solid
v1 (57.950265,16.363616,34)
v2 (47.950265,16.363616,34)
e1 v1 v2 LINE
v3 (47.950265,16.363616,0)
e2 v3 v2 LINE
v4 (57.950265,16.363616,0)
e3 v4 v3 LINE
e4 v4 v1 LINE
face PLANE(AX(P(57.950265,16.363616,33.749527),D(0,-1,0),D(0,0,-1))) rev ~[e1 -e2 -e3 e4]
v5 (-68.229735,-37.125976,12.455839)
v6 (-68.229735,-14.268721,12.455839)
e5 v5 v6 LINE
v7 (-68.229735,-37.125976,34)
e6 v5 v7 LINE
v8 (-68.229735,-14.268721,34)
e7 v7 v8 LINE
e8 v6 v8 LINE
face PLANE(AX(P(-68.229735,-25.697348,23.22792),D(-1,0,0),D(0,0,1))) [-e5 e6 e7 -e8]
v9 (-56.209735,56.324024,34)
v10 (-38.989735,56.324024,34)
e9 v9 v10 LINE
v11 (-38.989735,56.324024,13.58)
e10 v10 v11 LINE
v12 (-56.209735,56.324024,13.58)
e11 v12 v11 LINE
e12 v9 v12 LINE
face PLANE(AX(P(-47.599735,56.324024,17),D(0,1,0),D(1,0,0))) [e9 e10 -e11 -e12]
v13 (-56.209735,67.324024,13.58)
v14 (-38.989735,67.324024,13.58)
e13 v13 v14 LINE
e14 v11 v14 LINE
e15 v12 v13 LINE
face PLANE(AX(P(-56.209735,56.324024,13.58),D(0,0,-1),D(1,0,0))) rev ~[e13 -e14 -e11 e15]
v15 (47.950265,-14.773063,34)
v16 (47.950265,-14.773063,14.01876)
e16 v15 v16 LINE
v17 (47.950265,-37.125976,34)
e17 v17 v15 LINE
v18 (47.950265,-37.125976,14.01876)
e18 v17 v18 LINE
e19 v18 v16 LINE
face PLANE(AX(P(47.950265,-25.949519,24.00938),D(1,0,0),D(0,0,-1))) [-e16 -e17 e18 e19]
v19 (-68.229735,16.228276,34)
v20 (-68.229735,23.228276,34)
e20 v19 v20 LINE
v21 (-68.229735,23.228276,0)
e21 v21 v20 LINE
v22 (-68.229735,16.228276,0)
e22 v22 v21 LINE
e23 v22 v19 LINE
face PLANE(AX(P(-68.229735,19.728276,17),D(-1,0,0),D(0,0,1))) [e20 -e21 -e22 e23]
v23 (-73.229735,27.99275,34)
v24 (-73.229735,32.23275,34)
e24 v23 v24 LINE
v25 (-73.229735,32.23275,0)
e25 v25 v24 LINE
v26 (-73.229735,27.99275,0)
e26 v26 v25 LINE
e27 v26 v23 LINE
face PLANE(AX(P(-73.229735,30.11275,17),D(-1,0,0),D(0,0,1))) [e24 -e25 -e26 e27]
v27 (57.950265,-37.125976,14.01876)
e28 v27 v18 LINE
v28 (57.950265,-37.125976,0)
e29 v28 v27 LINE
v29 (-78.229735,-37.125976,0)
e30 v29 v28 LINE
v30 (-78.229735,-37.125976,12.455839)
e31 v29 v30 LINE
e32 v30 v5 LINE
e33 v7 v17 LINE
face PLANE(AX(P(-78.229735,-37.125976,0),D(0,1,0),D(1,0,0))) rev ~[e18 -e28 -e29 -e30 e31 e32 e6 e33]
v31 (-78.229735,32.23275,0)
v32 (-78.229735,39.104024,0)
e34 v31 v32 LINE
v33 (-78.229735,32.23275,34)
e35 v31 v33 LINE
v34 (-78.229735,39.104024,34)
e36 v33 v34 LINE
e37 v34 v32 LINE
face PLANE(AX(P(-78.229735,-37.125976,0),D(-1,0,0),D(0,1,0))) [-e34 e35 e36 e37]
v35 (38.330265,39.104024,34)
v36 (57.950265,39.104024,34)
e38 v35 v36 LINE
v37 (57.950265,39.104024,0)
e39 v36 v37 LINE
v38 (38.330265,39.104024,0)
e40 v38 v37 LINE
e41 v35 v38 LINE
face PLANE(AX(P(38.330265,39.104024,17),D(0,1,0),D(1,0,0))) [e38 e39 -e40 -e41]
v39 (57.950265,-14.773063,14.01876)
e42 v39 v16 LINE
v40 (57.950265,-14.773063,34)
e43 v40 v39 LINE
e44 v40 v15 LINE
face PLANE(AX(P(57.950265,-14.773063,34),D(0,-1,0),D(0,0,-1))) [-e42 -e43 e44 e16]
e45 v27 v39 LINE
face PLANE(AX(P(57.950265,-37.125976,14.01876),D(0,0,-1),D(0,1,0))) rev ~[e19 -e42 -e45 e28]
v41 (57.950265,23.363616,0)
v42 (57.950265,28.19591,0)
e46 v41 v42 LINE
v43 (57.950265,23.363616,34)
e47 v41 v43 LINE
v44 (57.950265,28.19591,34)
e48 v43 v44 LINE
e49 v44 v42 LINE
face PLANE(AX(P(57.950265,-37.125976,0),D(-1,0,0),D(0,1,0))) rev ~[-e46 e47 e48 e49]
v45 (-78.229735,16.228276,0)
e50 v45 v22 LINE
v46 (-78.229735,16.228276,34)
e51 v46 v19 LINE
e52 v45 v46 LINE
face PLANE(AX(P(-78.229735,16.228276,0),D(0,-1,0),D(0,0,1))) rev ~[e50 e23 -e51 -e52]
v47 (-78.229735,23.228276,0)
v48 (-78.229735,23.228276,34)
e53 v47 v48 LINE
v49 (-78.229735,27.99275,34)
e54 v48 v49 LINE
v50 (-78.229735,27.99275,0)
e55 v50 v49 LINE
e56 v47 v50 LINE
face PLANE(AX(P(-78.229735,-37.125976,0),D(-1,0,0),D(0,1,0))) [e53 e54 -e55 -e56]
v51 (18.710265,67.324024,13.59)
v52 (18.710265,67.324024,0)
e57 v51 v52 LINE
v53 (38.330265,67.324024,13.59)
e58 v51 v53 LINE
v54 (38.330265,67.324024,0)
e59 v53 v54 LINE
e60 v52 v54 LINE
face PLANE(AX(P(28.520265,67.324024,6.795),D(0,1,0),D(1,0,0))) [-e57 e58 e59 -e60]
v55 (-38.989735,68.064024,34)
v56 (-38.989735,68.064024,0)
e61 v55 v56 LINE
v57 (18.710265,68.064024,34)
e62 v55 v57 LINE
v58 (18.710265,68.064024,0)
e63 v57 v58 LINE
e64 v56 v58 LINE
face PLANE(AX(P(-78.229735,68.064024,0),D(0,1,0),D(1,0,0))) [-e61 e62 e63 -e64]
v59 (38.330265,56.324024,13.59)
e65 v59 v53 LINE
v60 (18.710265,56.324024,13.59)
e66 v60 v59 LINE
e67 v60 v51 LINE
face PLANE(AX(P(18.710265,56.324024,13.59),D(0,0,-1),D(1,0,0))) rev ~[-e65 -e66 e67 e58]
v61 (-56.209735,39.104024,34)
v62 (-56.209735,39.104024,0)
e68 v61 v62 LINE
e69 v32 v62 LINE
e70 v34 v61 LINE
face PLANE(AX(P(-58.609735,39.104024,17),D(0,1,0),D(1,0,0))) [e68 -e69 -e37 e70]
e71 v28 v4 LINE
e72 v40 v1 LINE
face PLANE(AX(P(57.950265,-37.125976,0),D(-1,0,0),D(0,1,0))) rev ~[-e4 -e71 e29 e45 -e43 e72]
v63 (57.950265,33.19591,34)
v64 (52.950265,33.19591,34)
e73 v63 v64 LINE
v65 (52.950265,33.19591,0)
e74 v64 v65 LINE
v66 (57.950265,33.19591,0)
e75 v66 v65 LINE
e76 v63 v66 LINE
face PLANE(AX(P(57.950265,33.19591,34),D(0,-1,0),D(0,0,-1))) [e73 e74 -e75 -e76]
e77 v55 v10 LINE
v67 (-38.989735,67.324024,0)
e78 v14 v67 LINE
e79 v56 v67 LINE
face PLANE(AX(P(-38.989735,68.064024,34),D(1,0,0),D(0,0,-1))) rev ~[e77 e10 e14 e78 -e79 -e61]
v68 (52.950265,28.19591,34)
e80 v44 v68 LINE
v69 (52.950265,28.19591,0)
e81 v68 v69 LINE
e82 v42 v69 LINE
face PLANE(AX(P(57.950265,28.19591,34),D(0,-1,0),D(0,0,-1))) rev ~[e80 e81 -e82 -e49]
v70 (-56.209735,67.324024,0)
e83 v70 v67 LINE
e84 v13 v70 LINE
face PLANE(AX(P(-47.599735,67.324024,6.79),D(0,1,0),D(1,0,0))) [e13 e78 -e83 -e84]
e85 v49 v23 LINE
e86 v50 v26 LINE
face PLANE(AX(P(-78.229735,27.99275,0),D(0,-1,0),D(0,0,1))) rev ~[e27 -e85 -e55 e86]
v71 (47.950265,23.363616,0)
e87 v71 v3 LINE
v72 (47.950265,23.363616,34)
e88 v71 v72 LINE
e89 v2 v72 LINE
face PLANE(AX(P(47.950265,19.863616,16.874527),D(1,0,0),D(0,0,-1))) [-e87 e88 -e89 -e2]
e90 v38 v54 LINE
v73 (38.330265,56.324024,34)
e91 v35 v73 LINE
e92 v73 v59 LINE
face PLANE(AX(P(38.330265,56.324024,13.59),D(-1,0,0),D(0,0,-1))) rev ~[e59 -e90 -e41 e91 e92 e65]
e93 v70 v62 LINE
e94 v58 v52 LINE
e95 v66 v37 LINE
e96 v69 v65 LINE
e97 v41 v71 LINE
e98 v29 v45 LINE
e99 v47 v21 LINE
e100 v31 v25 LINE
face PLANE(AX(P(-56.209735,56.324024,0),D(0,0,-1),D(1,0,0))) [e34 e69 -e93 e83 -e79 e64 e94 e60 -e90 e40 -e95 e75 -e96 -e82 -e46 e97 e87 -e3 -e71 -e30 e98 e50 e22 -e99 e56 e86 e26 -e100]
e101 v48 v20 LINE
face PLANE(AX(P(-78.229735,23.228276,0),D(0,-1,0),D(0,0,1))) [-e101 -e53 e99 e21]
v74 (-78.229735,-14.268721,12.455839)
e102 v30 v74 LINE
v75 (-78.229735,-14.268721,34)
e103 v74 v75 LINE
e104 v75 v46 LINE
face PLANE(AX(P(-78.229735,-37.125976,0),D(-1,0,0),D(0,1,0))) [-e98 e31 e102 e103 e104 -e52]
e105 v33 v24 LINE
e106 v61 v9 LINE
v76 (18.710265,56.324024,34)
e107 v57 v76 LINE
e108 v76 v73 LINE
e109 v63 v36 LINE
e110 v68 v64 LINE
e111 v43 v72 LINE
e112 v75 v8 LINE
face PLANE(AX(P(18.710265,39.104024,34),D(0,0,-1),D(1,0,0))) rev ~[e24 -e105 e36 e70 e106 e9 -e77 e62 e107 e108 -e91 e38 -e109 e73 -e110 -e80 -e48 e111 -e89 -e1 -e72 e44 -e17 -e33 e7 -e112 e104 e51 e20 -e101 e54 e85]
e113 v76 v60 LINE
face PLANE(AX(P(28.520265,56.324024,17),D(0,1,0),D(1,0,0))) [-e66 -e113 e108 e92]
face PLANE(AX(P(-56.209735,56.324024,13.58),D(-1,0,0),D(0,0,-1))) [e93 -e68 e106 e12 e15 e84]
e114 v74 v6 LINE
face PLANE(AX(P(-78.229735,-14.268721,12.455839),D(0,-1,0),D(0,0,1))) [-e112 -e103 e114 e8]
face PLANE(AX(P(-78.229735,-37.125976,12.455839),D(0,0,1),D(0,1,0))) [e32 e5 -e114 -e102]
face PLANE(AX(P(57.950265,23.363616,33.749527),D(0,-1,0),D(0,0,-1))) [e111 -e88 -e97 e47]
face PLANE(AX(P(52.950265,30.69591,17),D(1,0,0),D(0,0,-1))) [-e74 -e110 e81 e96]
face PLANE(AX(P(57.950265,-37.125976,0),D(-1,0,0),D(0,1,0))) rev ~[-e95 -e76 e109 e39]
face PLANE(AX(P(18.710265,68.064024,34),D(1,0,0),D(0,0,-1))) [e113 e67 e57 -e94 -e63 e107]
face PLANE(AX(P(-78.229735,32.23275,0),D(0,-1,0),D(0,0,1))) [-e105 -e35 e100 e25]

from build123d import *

# Parameters (mm, degrees)
SKETCH_1_W           = 136.18
SKETCH_1_H           = 105.19
EXTRUDE_1_DEPTH      = 34
SKETCH_3_W           = 39.24
SKETCH_3_H           = 34
CUT_EXTRUDE_1_DEPTH  = 28.96
SKETCH_4_W           = 17.22
SKETCH_4_H           = 34
EXTRUDE_2_DEPTH      = 17.22
SKETCH_5_W           = 19.62
SKETCH_5_H           = 34
EXTRUDE_3_DEPTH      = 17.22
SKETCH_6_W           = 34
SKETCH_6_H           = 4.24
CUT_EXTRUDE_2_DEPTH  = 5
SKETCH_7_W           = 34
SKETCH_7_H           = 7
CUT_EXTRUDE_4_DEPTH  = 10
SKETCH_9_W           = 19.62
SKETCH_9_H           = 13.59
EXTRUDE_4_DEPTH      = 11
SKETCH_10_W          = 17.22
SKETCH_10_H          = 13.58
EXTRUDE_5_DEPTH      = 11
SKETCH_11_W          = 34
SKETCH_11_H          = 5
CUT_EXTRUDE_7_DEPTH  = 5
SKETCH_13_W          = 33.75
SKETCH_13_H          = 7
CUT_EXTRUDE_9_DEPTH  = 10
SKETCH_15_W          = 10
SKETCH_15_H          = 7
CUT_EXTRUDE_10_DEPTH = 10
SKETCH_16_W          = 21.544160933
SKETCH_16_H          = 22.857254915
CUT_EXTRUDE_11_DEPTH = 10
SKETCH_18_W          = 19.981240116
SKETCH_18_H          = 22.352912948
CUT_EXTRUDE_12_DEPTH = 10


with BuildPart() as part:
    # 草图1 → 凸台-拉伸1 (new body)
    with BuildSketch(Plane.XY):
        with Locations((-10.139734918, 15.469024107)):
            Rectangle(SKETCH_1_W, SKETCH_1_H)
    extrude(amount=EXTRUDE_1_DEPTH)

    # 草图3 → 切除-拉伸1 (cut)
    with BuildSketch(Plane(origin=(0, 68.064024107, 0), x_dir=(1, 0, 0), z_dir=(0, 1, 0))):
        with Locations((-58.609734918, -17)):
            Rectangle(SKETCH_3_W, SKETCH_3_H)
        with Locations((38.330265082, -17)):
            Rectangle(SKETCH_3_W, SKETCH_3_H)
    extrude(amount=-CUT_EXTRUDE_1_DEPTH, mode=Mode.SUBTRACT)

    # 草图4 → 凸台-拉伸2 (add)
    with BuildSketch(Plane(origin=(0, 39.104024107, 0), x_dir=(1, 0, 0), z_dir=(0, 1, 0))):
        with Locations((-47.599734918, -17)):
            Rectangle(SKETCH_4_W, SKETCH_4_H)
    extrude(amount=EXTRUDE_2_DEPTH)

    # 草图5 → 凸台-拉伸3 (add)
    with BuildSketch(Plane(origin=(0, 39.104024107, 0), x_dir=(1, 0, 0), z_dir=(0, 1, 0))):
        with Locations((28.520265082, -17)):
            Rectangle(SKETCH_5_W, SKETCH_5_H)
    extrude(amount=EXTRUDE_3_DEPTH)

    # 草图6 → 切除-拉伸2 (cut)
    with BuildSketch(Plane.ZY.offset(78.229734918)):
        with Locations((17, 30.112750363)):
            Rectangle(SKETCH_6_W, SKETCH_6_H)
    extrude(amount=-CUT_EXTRUDE_2_DEPTH, mode=Mode.SUBTRACT)

    # 草图7 → 切除-拉伸4 (cut)
    with BuildSketch(Plane.ZY.offset(78.229734918)):
        with Locations((17, 19.728275547)):
            Rectangle(SKETCH_7_W, SKETCH_7_H)
    extrude(amount=-CUT_EXTRUDE_4_DEPTH, mode=Mode.SUBTRACT)

    # 草图9 → 凸台-拉伸4 (add)
    with BuildSketch(Plane(origin=(0, 56.324024107, 0), x_dir=(1, 0, 0), z_dir=(0, 1, 0))):
        with Locations((28.520265082, -6.795)):
            Rectangle(SKETCH_9_W, SKETCH_9_H)
    extrude(amount=EXTRUDE_4_DEPTH)

    # 草图10 → 凸台-拉伸5 (add)
    with BuildSketch(Plane(origin=(0, 56.324024107, 0), x_dir=(1, 0, 0), z_dir=(0, 1, 0))):
        with Locations((-47.599734918, -6.79)):
            Rectangle(SKETCH_10_W, SKETCH_10_H)
    extrude(amount=EXTRUDE_5_DEPTH)

    # 草图11 → 切除-拉伸7 (cut)
    with BuildSketch(Plane(origin=(57.950265082, 0, 0), x_dir=(0, 0, -1), z_dir=(1, 0, 0))):
        with Locations((-17, 30.695910163)):
            Rectangle(SKETCH_11_W, SKETCH_11_H)
    extrude(amount=-CUT_EXTRUDE_7_DEPTH, mode=Mode.SUBTRACT)

    # 草图13 → 切除-拉伸9 (cut)
    with BuildSketch(Plane(origin=(57.950265082, 0, 0), x_dir=(0, 0, -1), z_dir=(1, 0, 0))):
        with Locations((-16.874526915, 19.863616172)):
            Rectangle(SKETCH_13_W, SKETCH_13_H)
    extrude(amount=-CUT_EXTRUDE_9_DEPTH, mode=Mode.SUBTRACT)

    # 草图15 → 切除-拉伸10 (cut)
    with BuildSketch(Plane(origin=(0, 0, 33.749526915), x_dir=(-1, 0, 0), z_dir=(0, 0, -1))):
        with Locations((-52.950265082, 19.863616172)):
            Rectangle(SKETCH_15_W, SKETCH_15_H)
    extrude(amount=-CUT_EXTRUDE_10_DEPTH, mode=Mode.SUBTRACT)

    # 草图16 → 切除-拉伸11 (cut)
    with BuildSketch(Plane.ZY.offset(78.229734918)):
        with Locations((23.227919533, -25.697348436)):
            Rectangle(SKETCH_16_W, SKETCH_16_H)
    extrude(amount=-CUT_EXTRUDE_11_DEPTH, mode=Mode.SUBTRACT)

    # 草图18 → 切除-拉伸12 (cut)
    with BuildSketch(Plane(origin=(57.950265082, 0, 0), x_dir=(0, 0, -1), z_dir=(1, 0, 0))):
        with Locations((-24.009379942, -25.949519419)):
            Rectangle(SKETCH_18_W, SKETCH_18_H)
    extrude(amount=-CUT_EXTRUDE_12_DEPTH, mode=Mode.SUBTRACT)


solid = part.part
